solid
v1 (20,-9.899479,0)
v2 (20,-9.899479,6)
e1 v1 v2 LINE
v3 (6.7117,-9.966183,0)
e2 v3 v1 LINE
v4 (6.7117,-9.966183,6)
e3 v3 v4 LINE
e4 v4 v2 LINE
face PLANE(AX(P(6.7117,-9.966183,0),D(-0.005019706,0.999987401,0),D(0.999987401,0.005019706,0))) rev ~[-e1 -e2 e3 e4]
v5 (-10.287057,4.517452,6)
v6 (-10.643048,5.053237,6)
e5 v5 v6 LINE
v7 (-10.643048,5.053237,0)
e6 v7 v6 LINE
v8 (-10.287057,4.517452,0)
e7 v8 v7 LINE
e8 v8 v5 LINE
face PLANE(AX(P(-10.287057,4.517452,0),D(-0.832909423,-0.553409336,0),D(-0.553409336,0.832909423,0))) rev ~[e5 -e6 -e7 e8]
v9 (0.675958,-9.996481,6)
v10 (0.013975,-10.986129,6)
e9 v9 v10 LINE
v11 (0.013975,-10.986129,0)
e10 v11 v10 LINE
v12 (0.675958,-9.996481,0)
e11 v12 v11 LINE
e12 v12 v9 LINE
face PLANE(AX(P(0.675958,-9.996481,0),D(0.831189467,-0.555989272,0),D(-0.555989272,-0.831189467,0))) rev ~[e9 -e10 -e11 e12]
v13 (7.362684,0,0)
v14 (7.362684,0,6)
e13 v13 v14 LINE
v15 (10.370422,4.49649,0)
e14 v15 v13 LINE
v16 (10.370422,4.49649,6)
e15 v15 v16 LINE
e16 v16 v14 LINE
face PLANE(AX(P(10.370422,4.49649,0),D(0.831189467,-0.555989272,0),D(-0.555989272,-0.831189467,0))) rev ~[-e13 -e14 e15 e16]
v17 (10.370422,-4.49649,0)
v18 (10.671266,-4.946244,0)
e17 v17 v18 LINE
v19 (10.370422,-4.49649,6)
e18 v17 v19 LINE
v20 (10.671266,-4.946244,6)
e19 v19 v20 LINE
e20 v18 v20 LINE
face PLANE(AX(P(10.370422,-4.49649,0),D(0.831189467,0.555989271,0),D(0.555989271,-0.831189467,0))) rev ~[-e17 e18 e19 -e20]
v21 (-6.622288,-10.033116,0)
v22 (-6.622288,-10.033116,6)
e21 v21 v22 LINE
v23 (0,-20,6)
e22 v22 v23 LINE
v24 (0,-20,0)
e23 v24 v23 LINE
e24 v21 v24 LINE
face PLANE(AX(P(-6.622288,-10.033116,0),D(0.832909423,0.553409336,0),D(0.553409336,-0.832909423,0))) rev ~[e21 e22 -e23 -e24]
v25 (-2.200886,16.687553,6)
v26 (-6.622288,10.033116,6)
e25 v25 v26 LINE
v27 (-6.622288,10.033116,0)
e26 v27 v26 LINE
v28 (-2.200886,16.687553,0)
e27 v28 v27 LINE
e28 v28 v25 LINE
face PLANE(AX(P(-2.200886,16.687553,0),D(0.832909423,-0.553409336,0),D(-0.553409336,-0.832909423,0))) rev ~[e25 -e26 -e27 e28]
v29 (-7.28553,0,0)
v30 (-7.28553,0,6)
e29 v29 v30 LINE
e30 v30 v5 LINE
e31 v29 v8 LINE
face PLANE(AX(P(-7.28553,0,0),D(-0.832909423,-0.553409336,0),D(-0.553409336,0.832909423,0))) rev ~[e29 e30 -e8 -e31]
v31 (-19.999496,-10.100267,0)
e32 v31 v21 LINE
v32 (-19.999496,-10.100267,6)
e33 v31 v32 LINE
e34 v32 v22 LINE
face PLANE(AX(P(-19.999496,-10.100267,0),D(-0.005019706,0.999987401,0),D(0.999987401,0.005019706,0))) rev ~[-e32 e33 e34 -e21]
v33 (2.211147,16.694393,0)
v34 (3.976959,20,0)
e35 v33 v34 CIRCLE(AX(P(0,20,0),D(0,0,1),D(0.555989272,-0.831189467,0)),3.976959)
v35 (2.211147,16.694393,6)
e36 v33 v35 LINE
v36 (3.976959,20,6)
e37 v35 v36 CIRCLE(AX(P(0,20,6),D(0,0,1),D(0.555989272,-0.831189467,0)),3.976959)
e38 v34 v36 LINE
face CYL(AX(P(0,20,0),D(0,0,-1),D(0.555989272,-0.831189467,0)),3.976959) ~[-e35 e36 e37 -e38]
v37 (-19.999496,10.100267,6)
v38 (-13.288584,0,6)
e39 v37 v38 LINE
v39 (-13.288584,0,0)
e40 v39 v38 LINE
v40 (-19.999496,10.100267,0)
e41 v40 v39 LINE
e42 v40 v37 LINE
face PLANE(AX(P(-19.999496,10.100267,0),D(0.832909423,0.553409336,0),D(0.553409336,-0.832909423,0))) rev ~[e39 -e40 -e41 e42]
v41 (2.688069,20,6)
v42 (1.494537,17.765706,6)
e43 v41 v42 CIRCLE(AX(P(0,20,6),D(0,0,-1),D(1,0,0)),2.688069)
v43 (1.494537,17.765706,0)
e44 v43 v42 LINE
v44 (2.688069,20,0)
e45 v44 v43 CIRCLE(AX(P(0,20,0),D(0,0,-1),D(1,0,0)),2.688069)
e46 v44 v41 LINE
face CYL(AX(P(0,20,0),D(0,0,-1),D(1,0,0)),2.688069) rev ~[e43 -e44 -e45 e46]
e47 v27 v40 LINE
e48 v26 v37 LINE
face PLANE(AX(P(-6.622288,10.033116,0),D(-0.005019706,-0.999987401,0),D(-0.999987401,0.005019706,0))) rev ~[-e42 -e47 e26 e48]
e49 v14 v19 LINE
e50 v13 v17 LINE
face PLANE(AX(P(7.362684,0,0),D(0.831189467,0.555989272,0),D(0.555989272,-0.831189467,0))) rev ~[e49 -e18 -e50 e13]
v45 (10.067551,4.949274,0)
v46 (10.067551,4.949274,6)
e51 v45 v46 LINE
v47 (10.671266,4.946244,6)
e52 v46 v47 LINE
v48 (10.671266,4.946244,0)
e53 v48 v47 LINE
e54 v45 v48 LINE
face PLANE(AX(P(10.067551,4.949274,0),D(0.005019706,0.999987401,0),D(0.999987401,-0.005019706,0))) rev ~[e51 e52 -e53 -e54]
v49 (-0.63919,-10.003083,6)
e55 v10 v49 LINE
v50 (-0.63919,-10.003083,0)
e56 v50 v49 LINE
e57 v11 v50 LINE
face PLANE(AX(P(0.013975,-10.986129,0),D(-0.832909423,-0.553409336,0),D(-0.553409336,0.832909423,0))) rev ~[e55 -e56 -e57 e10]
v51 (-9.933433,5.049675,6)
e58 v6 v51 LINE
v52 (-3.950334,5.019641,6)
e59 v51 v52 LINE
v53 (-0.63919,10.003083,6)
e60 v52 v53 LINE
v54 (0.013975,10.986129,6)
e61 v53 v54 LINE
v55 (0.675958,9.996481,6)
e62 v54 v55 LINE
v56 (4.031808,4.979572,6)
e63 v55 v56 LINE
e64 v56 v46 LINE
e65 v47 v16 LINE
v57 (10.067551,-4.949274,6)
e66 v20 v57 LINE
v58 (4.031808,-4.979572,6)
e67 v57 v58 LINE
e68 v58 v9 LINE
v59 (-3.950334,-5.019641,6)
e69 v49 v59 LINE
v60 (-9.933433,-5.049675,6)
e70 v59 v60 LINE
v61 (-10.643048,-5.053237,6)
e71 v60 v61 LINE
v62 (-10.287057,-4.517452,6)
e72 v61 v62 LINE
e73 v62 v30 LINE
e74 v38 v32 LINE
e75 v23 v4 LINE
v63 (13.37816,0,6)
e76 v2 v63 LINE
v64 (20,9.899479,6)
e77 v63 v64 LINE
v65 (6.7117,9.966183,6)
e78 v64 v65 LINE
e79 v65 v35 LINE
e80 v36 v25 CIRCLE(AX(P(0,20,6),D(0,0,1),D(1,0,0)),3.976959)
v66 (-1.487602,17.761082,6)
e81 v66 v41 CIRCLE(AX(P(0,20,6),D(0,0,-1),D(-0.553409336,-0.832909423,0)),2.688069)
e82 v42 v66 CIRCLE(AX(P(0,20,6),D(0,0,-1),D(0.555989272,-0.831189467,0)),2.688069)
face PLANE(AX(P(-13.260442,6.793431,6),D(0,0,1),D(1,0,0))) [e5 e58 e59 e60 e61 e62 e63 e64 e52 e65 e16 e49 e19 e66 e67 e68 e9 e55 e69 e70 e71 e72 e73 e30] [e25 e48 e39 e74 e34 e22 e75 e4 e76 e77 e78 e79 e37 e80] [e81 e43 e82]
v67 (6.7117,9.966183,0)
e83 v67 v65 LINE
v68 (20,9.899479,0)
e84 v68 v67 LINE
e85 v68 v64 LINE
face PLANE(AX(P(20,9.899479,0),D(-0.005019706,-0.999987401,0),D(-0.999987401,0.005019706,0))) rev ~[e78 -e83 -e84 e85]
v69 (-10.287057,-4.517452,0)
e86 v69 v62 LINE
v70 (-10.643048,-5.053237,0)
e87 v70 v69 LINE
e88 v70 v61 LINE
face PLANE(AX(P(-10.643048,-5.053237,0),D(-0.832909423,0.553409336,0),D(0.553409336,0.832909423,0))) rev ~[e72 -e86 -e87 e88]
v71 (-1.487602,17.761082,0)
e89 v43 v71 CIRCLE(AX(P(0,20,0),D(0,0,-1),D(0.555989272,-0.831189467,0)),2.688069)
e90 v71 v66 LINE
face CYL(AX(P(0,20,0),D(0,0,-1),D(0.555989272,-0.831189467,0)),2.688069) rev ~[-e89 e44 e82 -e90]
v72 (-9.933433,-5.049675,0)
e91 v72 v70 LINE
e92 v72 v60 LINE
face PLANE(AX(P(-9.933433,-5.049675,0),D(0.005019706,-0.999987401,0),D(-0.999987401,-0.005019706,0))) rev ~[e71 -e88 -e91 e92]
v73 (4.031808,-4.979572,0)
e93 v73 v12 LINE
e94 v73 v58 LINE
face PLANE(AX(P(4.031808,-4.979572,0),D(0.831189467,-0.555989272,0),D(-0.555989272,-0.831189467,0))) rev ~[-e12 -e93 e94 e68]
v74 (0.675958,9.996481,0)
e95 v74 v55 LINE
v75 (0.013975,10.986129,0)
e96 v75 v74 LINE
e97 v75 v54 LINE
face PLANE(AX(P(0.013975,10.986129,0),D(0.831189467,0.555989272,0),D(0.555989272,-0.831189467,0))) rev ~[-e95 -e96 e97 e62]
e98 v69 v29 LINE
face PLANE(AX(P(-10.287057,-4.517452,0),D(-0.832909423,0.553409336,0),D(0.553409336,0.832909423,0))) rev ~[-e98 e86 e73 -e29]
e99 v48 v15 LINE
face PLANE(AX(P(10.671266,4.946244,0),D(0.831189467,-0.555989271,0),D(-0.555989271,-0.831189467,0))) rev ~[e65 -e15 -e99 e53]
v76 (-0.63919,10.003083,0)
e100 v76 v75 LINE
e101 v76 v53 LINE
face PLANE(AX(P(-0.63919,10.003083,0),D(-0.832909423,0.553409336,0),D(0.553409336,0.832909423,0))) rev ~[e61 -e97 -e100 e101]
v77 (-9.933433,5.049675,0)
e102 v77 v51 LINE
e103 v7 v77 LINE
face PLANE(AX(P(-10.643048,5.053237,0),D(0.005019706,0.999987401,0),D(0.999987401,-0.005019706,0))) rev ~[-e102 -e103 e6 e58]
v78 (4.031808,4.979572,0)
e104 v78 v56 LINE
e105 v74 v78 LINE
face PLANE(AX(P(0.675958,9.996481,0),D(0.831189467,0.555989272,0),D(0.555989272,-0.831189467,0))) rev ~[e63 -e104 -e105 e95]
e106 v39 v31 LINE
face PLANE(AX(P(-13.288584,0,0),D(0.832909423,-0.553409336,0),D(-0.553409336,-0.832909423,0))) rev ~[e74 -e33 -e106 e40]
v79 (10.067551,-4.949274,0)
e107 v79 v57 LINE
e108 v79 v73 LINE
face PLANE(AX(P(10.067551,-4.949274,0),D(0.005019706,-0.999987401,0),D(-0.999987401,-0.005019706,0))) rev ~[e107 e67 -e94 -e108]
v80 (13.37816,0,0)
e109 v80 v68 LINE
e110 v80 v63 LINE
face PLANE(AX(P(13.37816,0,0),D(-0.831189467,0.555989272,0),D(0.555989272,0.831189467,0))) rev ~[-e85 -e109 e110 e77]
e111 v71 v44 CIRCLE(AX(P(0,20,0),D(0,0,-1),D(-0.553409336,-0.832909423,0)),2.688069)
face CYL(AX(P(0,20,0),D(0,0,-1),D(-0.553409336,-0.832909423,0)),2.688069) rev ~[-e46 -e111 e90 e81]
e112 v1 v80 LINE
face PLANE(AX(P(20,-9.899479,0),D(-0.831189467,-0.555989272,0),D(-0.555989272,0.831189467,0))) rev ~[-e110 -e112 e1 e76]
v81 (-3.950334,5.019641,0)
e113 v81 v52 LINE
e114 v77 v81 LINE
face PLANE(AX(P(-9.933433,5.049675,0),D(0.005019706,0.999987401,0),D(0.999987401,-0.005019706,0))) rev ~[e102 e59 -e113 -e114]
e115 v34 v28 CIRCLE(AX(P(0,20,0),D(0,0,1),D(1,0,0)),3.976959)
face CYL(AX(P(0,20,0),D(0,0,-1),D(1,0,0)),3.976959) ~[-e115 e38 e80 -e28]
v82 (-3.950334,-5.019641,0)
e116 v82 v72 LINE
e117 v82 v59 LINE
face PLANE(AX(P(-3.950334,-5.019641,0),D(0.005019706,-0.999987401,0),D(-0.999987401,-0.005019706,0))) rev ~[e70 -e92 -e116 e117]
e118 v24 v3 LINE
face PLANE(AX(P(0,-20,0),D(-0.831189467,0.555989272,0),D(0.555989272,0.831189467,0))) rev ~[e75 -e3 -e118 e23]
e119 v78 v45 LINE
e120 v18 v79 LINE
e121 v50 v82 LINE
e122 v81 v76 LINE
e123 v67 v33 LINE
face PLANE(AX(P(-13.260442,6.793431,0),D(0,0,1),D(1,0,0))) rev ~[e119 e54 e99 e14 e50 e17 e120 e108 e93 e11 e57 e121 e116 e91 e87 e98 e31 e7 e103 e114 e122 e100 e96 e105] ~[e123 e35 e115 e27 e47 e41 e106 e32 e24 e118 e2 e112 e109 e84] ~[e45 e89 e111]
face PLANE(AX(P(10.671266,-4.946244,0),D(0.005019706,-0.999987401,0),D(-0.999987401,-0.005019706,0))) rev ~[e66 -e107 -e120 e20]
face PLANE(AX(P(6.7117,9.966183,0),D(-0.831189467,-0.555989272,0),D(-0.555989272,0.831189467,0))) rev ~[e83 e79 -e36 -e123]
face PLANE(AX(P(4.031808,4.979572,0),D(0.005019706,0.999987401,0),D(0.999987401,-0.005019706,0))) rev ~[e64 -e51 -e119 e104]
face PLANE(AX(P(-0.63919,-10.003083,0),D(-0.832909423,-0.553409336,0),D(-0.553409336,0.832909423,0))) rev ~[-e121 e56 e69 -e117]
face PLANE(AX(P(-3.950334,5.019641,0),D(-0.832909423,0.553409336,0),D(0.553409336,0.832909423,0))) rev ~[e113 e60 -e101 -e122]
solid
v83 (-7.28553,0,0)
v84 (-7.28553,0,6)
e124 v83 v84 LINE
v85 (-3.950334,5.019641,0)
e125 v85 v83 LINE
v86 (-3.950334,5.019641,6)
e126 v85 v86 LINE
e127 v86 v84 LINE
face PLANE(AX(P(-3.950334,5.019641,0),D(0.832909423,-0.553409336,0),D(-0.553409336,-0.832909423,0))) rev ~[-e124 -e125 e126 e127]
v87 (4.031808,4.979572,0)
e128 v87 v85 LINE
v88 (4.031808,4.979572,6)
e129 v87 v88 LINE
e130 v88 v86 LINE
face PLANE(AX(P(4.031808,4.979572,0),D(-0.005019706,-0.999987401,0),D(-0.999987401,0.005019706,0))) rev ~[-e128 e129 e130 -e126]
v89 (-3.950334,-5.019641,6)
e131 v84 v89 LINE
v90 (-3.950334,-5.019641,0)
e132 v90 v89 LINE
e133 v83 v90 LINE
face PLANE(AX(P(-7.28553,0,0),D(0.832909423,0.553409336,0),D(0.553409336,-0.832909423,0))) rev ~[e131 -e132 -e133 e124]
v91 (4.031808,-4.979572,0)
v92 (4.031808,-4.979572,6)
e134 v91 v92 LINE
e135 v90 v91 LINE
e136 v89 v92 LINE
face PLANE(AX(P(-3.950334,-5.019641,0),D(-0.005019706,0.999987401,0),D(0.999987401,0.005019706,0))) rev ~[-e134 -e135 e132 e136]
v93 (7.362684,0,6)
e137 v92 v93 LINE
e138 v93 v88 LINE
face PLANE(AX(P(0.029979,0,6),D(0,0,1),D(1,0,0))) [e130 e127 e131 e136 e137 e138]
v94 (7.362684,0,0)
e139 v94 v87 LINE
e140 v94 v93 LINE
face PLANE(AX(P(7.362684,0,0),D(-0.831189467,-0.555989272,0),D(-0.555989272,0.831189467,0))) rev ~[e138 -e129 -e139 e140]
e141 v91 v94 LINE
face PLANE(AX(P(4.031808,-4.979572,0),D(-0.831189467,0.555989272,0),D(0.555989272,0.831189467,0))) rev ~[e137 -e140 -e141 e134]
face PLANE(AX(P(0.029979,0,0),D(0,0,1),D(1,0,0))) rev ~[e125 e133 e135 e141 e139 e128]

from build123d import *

# Parameters (mm, degrees)
F1_DEPTH = 6


with BuildPart() as f1:
    # F0 (on Top) → F1 (new body)
    with BuildSketch(Plane.XY):
        Polygon((-6.6222884523, 10.0331163724), (-19.9994960478, 10.100266872), (-13.2885838739, 0), (-10.2870570193, 4.5174517964), (-10.6430481273, 5.0532366646), (-9.9334326785, 5.0496745586), align=None)
        with BuildLine():
            Line((-2.2008863986, 16.6875531366), (-6.6222884523, 10.0331163724))
            Line((-6.6222884523, 10.0331163724), (-0.6391900602, 10.0030825972))
            Line((-0.6391900602, 10.0030825972), (0.0139746531, 10.9861289766))
            Line((0.0139746531, 10.9861289766), (0.6759581834, 9.996480856))
            Line((0.6759581834, 9.996480856), (6.7117004327, 9.9661828208))
            Line((6.7117004327, 9.9661828208), (2.2111466966, 16.6943933311))
            ThreePointArc((2.2111466966, 16.6943933311), (0.0061656706, 16.0230454934), (-2.2008863986, 16.6875531366))
        make_face()
        Polygon((20, 9.899478619), (6.7117004327, 9.9661828208), (10.067550649, 4.9492742312), (10.6712659717, 4.9462437194), (10.3704218772, 4.4964896407), (13.378159703, 0), align=None)
        Polygon((6.7117004327, 9.9661828208), (0.6759581834, 9.996480856), (4.0318083997, 4.9795722664), (10.067550649, 4.9492742312), align=None)
        Polygon((10.3704218772, 4.4964896407), (7.3626840514, 0), (10.3704218772, -4.4964896407), (13.378159703, 0), align=None)
        Polygon((10.067550649, -4.9492742312), (6.7117004327, -9.9661828208), (20, -9.899478619), (13.378159703, 0), (10.3704218772, -4.4964896407), (10.6712659717, -4.9462437194), align=None)
        Polygon((10.067550649, -4.9492742312), (4.0318083997, -4.9795722664), (0.6759581834, -9.996480856), (6.7117004327, -9.9661828208), align=None)
        Polygon((-0.6391900602, -10.0030825972), (-6.6222884523, -10.0331163724), (0, -20), (6.7117004327, -9.9661828208), (0.6759581834, -9.996480856), (0.0139746531, -10.9861289766), align=None)
        Polygon((-10.2870570193, -4.5174517964), (-13.2885838739, 0), (-19.9994960478, -10.100266872), (-6.6222884523, -10.0331163724), (-9.9334326785, -5.0496745586), (-10.6430481273, -5.0532366646), align=None)
        Polygon((-9.9334326785, -5.0496745586), (-6.6222884523, -10.0331163724), (-0.6391900602, -10.0030825972), (-3.9503342863, -5.0196407834), align=None)
        Polygon((-10.2870570193, 4.5174517964), (-13.2885838739, 0), (-10.2870570193, -4.5174517964), (-7.2855301647, 0), align=None)
        Polygon((-0.6391900602, 10.0030825972), (-6.6222884523, 10.0331163724), (-9.9334326785, 5.0496745586), (-3.9503342863, 5.0196407834), align=None)
        with BuildLine():
            ThreePointArc((3.976959286, 20), (-1.8792777286, 23.5049280138), (-2.2008863986, 16.6875531366))
            Line((-2.2008863986, 16.6875531366), (-1.4876022169, 17.7610823983))
            ThreePointArc((-1.4876022169, 17.7610823983), (-1.2702235412, 22.3690176315), (2.6880685227, 20))
            ThreePointArc((2.6880685227, 20), (2.3709840728, 18.7334507869), (1.4945372599, 17.7657057576))
            Line((1.4945372599, 17.7657057576), (2.2111466966, 16.6943933311))
            ThreePointArc((2.2111466966, 16.6943933311), (3.5078373359, 18.1261583878), (3.976959286, 20))
        make_face()
        with BuildLine():
            Line((-1.4876022169, 17.7610823983), (-2.2008863986, 16.6875531366))
            ThreePointArc((-2.2008863986, 16.6875531366), (0.0061656706, 16.0230454934), (2.2111466966, 16.6943933311))
            Line((2.2111466966, 16.6943933311), (1.4945372599, 17.7657057576))
            ThreePointArc((1.4945372599, 17.7657057576), (0.0041674415, 17.3119347078), (-1.4876022169, 17.7610823983))
        make_face()
    extrude(amount=F1_DEPTH)


with BuildPart() as f1b:
    # F0 (on Top) → F1, piece 2 (new body)
    with BuildSketch(Plane.XY):
        Polygon((4.0318083997, 4.9795722664), (-3.9503342863, 5.0196407834), (-7.2855301647, 0), (-3.9503342863, -5.0196407834), (4.0318083997, -4.9795722664), (7.3626840514, 0), align=None)
    extrude(amount=F1_DEPTH)


solid = Compound([f1.part, f1b.part])
